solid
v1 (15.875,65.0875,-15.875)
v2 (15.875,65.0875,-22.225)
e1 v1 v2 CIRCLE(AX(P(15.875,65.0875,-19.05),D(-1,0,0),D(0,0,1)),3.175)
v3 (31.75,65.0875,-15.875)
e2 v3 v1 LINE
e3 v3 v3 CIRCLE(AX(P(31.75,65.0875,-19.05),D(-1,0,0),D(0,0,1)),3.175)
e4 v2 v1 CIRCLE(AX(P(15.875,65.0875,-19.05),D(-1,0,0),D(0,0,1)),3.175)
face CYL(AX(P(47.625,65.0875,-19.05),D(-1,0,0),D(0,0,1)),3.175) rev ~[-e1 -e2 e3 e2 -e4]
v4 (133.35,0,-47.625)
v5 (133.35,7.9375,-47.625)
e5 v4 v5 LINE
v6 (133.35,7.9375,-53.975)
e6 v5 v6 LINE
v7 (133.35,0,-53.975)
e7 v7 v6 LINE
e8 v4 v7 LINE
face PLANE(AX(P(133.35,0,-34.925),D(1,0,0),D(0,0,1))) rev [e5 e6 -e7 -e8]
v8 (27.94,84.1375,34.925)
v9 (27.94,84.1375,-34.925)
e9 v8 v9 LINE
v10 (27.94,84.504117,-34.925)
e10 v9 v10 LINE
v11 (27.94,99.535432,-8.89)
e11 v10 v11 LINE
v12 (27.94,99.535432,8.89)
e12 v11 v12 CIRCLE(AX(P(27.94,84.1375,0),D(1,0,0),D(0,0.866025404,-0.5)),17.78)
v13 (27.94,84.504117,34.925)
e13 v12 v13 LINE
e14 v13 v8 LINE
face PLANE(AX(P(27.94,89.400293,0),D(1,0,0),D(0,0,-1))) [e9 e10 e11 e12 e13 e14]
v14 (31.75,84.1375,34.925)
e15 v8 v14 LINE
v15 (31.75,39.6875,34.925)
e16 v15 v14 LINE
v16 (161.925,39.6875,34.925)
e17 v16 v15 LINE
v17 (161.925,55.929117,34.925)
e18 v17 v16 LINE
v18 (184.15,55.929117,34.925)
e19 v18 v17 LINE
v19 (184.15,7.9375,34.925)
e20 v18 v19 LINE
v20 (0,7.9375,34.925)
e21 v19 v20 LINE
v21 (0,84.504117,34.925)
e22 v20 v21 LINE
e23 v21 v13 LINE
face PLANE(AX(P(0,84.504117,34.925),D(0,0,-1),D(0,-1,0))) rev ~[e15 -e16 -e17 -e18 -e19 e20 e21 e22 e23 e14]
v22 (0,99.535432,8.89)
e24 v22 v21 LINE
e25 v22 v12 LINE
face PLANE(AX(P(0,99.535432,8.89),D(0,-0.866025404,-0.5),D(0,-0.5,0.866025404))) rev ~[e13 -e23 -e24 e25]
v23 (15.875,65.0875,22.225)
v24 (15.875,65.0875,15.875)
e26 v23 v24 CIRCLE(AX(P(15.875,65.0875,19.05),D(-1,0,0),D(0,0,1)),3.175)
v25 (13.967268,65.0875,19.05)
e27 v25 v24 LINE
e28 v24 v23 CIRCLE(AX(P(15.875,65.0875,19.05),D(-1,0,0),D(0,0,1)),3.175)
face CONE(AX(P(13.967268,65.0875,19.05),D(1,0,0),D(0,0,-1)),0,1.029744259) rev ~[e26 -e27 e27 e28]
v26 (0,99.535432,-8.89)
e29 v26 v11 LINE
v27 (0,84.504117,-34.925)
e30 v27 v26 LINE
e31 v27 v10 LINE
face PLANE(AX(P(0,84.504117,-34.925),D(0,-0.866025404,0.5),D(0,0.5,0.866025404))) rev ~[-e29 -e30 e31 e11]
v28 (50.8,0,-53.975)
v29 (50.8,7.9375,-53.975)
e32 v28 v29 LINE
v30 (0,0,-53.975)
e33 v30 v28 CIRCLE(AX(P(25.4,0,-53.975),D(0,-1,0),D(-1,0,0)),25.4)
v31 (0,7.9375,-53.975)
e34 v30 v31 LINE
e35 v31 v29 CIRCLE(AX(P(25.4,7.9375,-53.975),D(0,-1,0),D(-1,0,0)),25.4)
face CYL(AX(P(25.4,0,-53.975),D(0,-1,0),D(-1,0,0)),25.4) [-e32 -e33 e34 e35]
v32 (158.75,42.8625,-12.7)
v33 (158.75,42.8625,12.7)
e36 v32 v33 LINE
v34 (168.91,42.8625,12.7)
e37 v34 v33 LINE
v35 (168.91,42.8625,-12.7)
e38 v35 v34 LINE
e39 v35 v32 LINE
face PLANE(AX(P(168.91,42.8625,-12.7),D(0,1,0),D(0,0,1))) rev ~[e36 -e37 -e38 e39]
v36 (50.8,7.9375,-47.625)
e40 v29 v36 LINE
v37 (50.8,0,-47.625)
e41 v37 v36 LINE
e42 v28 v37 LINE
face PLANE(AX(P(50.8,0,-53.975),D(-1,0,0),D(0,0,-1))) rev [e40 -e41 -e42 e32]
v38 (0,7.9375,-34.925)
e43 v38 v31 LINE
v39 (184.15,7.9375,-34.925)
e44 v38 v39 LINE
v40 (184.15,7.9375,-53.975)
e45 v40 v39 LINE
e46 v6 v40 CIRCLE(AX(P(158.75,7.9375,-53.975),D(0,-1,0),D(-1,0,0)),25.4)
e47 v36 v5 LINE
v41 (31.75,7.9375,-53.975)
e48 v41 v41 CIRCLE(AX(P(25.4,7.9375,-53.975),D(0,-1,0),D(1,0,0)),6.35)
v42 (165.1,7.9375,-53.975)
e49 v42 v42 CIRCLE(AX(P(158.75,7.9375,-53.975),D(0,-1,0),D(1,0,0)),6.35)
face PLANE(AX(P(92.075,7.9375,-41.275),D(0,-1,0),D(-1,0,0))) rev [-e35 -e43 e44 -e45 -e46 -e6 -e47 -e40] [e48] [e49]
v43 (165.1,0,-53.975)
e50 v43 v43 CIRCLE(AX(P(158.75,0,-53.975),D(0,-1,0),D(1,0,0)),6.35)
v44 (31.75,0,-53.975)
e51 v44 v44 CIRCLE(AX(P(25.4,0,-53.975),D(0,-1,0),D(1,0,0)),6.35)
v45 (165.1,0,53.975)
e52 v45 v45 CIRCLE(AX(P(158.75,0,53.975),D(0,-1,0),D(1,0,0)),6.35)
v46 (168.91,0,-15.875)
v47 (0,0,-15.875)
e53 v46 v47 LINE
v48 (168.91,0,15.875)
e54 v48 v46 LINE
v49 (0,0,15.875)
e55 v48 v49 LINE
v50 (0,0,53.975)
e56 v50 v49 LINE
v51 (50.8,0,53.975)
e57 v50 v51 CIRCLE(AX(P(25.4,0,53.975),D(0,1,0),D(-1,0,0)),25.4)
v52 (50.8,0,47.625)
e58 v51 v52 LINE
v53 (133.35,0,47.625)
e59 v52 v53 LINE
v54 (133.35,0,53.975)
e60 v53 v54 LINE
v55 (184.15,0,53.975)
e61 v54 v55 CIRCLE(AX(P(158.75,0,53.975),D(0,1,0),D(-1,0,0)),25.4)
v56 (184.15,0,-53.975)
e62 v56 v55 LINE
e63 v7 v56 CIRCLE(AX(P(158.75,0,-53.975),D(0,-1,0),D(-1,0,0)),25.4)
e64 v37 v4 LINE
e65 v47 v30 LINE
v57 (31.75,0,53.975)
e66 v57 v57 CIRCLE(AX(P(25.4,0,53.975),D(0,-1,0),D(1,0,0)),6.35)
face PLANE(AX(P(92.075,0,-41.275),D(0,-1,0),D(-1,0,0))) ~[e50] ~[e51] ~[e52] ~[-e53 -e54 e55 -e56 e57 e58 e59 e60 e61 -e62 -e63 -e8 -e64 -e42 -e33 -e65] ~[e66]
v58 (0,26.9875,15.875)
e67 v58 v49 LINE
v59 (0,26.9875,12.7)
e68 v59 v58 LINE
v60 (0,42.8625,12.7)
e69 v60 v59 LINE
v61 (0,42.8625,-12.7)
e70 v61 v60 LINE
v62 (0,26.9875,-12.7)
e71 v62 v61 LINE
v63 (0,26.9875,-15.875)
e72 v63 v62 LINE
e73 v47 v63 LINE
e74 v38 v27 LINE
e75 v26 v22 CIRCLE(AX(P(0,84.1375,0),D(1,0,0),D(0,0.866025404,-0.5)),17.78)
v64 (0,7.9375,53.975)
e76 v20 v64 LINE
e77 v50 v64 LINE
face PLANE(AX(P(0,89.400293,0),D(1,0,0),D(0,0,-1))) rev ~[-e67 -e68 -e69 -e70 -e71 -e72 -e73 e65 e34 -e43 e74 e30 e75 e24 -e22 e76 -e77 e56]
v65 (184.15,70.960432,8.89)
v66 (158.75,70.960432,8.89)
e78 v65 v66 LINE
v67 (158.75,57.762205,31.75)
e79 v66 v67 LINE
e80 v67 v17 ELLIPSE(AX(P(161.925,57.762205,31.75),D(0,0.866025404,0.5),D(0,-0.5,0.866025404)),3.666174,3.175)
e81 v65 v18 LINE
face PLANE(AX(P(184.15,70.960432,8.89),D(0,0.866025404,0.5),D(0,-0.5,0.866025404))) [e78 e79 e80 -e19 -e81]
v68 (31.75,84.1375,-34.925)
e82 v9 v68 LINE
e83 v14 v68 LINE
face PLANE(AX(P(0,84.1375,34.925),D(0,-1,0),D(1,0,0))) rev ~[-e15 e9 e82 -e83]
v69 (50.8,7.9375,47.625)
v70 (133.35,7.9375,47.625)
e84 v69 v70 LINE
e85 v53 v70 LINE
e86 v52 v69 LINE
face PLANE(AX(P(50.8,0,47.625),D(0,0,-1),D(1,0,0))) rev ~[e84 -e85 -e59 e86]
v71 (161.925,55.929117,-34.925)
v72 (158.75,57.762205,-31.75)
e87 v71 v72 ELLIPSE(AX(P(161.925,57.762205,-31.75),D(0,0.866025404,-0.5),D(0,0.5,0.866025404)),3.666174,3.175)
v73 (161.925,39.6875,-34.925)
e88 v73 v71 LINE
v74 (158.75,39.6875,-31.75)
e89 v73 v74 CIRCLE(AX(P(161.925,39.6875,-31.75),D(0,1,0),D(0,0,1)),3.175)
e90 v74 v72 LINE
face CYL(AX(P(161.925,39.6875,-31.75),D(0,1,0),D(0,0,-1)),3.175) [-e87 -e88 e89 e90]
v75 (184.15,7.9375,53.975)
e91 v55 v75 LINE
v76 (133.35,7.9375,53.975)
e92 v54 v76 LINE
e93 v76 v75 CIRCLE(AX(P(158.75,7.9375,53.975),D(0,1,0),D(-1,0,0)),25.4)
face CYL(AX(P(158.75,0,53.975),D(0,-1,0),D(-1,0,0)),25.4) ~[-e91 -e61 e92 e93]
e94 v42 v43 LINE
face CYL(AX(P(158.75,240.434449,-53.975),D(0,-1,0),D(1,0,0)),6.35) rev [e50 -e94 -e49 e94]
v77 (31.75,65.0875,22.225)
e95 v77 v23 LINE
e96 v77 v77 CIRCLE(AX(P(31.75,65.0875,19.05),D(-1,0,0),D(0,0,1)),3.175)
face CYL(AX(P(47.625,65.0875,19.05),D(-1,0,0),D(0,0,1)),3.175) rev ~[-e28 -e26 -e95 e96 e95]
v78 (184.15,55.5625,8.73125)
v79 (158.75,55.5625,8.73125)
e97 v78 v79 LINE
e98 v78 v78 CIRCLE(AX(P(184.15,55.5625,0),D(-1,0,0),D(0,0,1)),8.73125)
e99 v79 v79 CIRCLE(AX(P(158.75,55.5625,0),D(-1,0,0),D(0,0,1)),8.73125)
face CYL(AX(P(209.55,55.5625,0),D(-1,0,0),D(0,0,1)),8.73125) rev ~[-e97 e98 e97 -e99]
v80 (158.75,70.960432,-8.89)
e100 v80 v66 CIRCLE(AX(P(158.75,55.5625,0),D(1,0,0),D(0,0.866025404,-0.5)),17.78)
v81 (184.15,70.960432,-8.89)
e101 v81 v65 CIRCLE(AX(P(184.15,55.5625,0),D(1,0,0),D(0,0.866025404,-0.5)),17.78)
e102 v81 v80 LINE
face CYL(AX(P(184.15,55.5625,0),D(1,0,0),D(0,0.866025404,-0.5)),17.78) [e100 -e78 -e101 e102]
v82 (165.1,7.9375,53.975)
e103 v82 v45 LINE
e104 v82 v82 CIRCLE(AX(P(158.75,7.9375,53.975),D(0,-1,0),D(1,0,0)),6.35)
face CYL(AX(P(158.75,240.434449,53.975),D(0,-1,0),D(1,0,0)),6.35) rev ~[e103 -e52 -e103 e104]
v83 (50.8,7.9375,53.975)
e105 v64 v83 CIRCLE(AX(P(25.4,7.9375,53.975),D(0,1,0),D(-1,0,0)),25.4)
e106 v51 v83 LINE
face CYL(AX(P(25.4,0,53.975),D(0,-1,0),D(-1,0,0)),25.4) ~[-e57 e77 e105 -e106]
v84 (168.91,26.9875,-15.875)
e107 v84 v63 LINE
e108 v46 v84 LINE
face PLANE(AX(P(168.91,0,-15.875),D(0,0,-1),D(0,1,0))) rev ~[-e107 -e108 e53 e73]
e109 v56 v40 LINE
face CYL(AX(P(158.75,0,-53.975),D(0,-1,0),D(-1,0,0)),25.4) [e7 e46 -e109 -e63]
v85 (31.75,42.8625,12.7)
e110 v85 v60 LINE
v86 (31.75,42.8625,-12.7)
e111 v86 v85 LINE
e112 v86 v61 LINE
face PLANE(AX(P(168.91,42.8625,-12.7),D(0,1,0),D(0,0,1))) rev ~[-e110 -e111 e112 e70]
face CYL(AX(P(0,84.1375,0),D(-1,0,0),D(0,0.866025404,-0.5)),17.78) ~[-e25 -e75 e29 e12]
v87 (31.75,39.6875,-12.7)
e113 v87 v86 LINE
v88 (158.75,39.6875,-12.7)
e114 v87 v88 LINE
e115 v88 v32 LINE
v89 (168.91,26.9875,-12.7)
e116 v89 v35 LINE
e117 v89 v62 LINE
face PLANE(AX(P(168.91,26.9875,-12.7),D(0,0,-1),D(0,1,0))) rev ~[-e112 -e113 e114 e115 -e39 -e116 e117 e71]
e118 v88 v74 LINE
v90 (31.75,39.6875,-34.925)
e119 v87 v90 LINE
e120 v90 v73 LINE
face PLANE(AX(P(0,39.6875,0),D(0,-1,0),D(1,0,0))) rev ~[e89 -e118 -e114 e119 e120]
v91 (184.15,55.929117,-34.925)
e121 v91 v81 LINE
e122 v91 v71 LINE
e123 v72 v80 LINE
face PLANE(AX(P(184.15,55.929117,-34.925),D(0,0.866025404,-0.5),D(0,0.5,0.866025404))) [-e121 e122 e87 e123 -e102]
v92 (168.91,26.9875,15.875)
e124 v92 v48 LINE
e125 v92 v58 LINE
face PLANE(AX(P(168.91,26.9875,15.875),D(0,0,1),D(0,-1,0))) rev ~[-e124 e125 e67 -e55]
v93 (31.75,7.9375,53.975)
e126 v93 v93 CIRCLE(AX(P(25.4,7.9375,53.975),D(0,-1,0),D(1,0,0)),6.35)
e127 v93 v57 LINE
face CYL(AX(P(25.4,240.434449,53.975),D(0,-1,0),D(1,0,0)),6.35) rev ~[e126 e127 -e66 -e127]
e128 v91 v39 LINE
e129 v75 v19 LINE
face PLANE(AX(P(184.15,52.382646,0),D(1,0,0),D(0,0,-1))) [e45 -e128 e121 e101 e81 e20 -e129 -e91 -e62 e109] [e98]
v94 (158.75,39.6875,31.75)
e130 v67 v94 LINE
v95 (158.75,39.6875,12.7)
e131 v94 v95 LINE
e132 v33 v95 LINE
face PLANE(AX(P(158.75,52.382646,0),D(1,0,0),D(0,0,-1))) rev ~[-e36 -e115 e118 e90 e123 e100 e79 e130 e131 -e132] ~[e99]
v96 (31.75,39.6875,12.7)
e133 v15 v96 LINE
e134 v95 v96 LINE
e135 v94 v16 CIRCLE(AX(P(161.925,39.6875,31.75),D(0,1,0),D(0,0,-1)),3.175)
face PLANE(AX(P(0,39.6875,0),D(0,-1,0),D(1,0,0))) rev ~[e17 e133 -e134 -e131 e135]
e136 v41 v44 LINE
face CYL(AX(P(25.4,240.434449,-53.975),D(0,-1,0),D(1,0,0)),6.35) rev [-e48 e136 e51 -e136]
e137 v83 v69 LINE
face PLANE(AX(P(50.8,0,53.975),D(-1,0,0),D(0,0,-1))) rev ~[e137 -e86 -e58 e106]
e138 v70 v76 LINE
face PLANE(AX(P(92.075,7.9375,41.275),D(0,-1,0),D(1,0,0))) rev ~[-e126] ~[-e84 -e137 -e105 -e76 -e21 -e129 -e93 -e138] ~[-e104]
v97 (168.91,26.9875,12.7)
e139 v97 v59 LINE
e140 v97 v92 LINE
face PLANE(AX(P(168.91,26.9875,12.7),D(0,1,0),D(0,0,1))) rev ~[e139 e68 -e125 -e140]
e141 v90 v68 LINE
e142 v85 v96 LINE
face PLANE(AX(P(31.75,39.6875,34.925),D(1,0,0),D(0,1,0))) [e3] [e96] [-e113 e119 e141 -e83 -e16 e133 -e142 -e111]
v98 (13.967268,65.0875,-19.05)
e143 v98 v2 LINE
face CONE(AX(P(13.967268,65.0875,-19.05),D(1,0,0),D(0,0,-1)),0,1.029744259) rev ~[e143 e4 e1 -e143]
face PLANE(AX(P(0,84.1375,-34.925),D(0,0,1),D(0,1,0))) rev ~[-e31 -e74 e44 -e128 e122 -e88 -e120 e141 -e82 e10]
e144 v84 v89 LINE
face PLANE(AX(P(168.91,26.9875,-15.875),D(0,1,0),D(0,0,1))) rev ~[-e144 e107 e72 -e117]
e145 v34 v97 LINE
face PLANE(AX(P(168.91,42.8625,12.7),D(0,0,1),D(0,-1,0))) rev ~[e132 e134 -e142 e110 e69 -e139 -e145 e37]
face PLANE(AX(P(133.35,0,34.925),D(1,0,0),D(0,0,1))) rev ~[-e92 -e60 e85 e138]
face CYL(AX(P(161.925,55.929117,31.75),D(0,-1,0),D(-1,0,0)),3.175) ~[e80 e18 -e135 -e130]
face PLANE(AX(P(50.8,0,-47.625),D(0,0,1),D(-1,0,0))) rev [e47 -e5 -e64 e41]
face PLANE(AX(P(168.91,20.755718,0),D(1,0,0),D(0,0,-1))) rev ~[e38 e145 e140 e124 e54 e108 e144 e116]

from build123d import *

# Parameters (mm, degrees)
SKETCH1_W                           = 184.15
SKETCH1_H                           = 39.6875
EXTRUDE1_DEPTH                      = 34.925
SKETCH2_W                           = 31.75
SKETCH2_H                           = 44.45
EXTRUDE2_DEPTH                      = 69.85
EXTRUDE3_DEPTH                      = 25.4
CUT_EXTRUDE1_START                  = -15.24
CUT_EXTRUDE1_DEPTH                  = 169.91
EXTRUDE4_DEPTH                      = 7.9375
EXTRUDE5_DEPTH                      = 7.9375
SKETCH17_W                          = 82.55
SKETCH17_H                          = 12.7
EXTRUDE7_DEPTH                      = 7.9375
F_1_2_0_5_DIAMETER_HOLE1_D          = 12.7
EXTRUDE6_DEPTH                      = 27.94
F_1_4_0_25_DIAMETER_HOLE2_D         = 6.35
F_1_4_0_25_DIAMETER_HOLE2_DEPTH     = 15.875
F_1_4_0_25_DIAMETER_HOLE2_TIP       = 1.907732465
F_11_16_0_6875_DIAMETER_HOLE1_D     = 17.4625
F_11_16_0_6875_DIAMETER_HOLE1_DEPTH = 25.4
FILLET15_R                          = 3.175


with BuildPart() as part:
    # Sketch1 → Extrude1 (new body, symmetric)
    with BuildSketch(Plane.XY):
        with Locations((92.075, 19.84375)):
            Rectangle(SKETCH1_W, SKETCH1_H)
    extrude(amount=EXTRUDE1_DEPTH, both=True)

    # Sketch2 → Extrude2 (add)
    with BuildSketch(Plane.XY.offset(34.925)):
        with Locations((15.875, 61.9125)):
            Rectangle(SKETCH2_W, SKETCH2_H)
    extrude(amount=-EXTRUDE2_DEPTH)

    # Sketch3 → Extrude3 (add)
    with BuildSketch(Plane(origin=(184.15, 0, 0), x_dir=(0, 0, -1), z_dir=(1, 0, 0))):
        with BuildLine():
            Line((-34.925, 39.6875), (34.925, 39.6875))
            Line((34.925, 39.6875), (34.925, 55.929117421))
            Line((34.925, 55.929117421), (8.89, 70.960431679))
            ThreePointArc((8.89, 70.960431679), (0, 73.3425), (-8.89, 70.960431679))
            Line((-8.89, 70.960431679), (-34.925, 55.929117421))
            Line((-34.925, 55.929117421), (-34.925, 39.6875))
        make_face()
    extrude(amount=-EXTRUDE3_DEPTH)

    # Sketch4 → Cut-Extrude1 (cut, through all)
    with BuildSketch(Plane(origin=(184.15, 0, 0), x_dir=(0, 0, -1), z_dir=(1, 0, 0)).offset(CUT_EXTRUDE1_START)):
        Polygon((-15.875, 0), (15.875, 0), (15.875, 26.9875), (12.7, 26.9875), (12.7, 42.8625), (-12.7, 42.8625), (-12.7, 26.9875), (-15.875, 26.9875), align=None)
    extrude(amount=-CUT_EXTRUDE1_DEPTH, mode=Mode.SUBTRACT)

    # Sketch5 → Extrude4 (add)
    with BuildSketch(Plane.XZ):
        with BuildLine():
            Line((50.8, 53.975), (50.8, 34.925))
            Line((50.8, 34.925), (0, 34.925))
            Line((0, 34.925), (0, 53.975))
            ThreePointArc((0, 53.975), (25.4, 79.375), (50.8, 53.975))
        make_face()
    extrude4 = extrude(amount=-EXTRUDE4_DEPTH)

    # Sketch6 → Extrude5 (add)
    with BuildSketch(Plane.XZ):
        with BuildLine():
            Line((184.15, 34.925), (133.35, 34.925))
            Line((133.35, 34.925), (133.35, 53.975))
            ThreePointArc((133.35, 53.975), (158.75, 79.375), (184.15, 53.975))
            Line((184.15, 53.975), (184.15, 34.925))
        make_face()
    extrude5 = extrude(amount=-EXTRUDE5_DEPTH)

    # Sketch17 → Extrude7 (add)
    with BuildSketch(Plane.XZ):
        with Locations((92.075, 41.275)):
            Rectangle(SKETCH17_W, SKETCH17_H)
    extrude7 = extrude(amount=-EXTRUDE7_DEPTH)

    # 1/2 (0.5) Diameter Hole1 (through all)
    with Locations(Plane(origin=(0, 7.9375, 0), x_dir=(-1, 0, 0), z_dir=(0, 1, 0))):
        with Locations((-25.4, 53.975), (-158.75, 53.975)):
            f_1_2_0_5_diameter_hole1 = Hole(F_1_2_0_5_DIAMETER_HOLE1_D / 2)

    # Mirror1: Extrude4, Extrude5, Extrude7, 1/2 (0.5) Diameter Hole1 across plane
    add(extrude4.mirror(Plane.XY))
    add(extrude5.mirror(Plane.XY))
    add(extrude7.mirror(Plane.XY))
    add(f_1_2_0_5_diameter_hole1.mirror(Plane.XY), mode=Mode.SUBTRACT)

    # Sketch16 → Extrude6 (add)
    with BuildSketch(Plane(origin=(0, 0, 0), x_dir=(0, 0, -1), z_dir=(1, 0, 0))):
        with BuildLine():
            Line((-34.925, 84.1375), (34.925, 84.1375))
            Line((34.925, 84.1375), (34.925, 84.504117421))
            Line((34.925, 84.504117421), (8.89, 99.535431679))
            ThreePointArc((8.89, 99.535431679), (0, 101.9175), (-8.89, 99.535431679))
            Line((-8.89, 99.535431679), (-34.925, 84.504117421))
            Line((-34.925, 84.504117421), (-34.925, 84.1375))
        make_face()
    extrude(amount=EXTRUDE6_DEPTH)

    # 1/4 (0.25) Diameter Hole2
    with Locations(Plane(origin=(31.75, 0, 0), x_dir=(0, 0, -1), z_dir=(1, 0, 0))):
        with Locations((-19.05, 65.0875), (19.05, 65.0875)):
            Hole(F_1_4_0_25_DIAMETER_HOLE2_D / 2, depth=F_1_4_0_25_DIAMETER_HOLE2_DEPTH)
            with Locations((0, 0, -(F_1_4_0_25_DIAMETER_HOLE2_DEPTH + F_1_4_0_25_DIAMETER_HOLE2_TIP / 2))):  # 118° drill point
                Cone(0, F_1_4_0_25_DIAMETER_HOLE2_D / 2, F_1_4_0_25_DIAMETER_HOLE2_TIP, mode=Mode.SUBTRACT)

    # 11/16 (0.6875) Diameter Hole1
    with Locations(Plane(origin=(184.15, 0, 0), x_dir=(0, 0, -1), z_dir=(1, 0, 0))):
        with Locations((0, 55.5625)):
            Hole(F_11_16_0_6875_DIAMETER_HOLE1_D / 2, depth=F_11_16_0_6875_DIAMETER_HOLE1_DEPTH)

    # Fillet15
    fillet15_edges = [part.edges().sort_by_distance(p)[0] for p in [
        (158.75, 47.80830871, 34.925),
        (158.75, 47.80830871, -34.925),
    ]]
    fillet(fillet15_edges, radius=FILLET15_R)


solid = part.part
